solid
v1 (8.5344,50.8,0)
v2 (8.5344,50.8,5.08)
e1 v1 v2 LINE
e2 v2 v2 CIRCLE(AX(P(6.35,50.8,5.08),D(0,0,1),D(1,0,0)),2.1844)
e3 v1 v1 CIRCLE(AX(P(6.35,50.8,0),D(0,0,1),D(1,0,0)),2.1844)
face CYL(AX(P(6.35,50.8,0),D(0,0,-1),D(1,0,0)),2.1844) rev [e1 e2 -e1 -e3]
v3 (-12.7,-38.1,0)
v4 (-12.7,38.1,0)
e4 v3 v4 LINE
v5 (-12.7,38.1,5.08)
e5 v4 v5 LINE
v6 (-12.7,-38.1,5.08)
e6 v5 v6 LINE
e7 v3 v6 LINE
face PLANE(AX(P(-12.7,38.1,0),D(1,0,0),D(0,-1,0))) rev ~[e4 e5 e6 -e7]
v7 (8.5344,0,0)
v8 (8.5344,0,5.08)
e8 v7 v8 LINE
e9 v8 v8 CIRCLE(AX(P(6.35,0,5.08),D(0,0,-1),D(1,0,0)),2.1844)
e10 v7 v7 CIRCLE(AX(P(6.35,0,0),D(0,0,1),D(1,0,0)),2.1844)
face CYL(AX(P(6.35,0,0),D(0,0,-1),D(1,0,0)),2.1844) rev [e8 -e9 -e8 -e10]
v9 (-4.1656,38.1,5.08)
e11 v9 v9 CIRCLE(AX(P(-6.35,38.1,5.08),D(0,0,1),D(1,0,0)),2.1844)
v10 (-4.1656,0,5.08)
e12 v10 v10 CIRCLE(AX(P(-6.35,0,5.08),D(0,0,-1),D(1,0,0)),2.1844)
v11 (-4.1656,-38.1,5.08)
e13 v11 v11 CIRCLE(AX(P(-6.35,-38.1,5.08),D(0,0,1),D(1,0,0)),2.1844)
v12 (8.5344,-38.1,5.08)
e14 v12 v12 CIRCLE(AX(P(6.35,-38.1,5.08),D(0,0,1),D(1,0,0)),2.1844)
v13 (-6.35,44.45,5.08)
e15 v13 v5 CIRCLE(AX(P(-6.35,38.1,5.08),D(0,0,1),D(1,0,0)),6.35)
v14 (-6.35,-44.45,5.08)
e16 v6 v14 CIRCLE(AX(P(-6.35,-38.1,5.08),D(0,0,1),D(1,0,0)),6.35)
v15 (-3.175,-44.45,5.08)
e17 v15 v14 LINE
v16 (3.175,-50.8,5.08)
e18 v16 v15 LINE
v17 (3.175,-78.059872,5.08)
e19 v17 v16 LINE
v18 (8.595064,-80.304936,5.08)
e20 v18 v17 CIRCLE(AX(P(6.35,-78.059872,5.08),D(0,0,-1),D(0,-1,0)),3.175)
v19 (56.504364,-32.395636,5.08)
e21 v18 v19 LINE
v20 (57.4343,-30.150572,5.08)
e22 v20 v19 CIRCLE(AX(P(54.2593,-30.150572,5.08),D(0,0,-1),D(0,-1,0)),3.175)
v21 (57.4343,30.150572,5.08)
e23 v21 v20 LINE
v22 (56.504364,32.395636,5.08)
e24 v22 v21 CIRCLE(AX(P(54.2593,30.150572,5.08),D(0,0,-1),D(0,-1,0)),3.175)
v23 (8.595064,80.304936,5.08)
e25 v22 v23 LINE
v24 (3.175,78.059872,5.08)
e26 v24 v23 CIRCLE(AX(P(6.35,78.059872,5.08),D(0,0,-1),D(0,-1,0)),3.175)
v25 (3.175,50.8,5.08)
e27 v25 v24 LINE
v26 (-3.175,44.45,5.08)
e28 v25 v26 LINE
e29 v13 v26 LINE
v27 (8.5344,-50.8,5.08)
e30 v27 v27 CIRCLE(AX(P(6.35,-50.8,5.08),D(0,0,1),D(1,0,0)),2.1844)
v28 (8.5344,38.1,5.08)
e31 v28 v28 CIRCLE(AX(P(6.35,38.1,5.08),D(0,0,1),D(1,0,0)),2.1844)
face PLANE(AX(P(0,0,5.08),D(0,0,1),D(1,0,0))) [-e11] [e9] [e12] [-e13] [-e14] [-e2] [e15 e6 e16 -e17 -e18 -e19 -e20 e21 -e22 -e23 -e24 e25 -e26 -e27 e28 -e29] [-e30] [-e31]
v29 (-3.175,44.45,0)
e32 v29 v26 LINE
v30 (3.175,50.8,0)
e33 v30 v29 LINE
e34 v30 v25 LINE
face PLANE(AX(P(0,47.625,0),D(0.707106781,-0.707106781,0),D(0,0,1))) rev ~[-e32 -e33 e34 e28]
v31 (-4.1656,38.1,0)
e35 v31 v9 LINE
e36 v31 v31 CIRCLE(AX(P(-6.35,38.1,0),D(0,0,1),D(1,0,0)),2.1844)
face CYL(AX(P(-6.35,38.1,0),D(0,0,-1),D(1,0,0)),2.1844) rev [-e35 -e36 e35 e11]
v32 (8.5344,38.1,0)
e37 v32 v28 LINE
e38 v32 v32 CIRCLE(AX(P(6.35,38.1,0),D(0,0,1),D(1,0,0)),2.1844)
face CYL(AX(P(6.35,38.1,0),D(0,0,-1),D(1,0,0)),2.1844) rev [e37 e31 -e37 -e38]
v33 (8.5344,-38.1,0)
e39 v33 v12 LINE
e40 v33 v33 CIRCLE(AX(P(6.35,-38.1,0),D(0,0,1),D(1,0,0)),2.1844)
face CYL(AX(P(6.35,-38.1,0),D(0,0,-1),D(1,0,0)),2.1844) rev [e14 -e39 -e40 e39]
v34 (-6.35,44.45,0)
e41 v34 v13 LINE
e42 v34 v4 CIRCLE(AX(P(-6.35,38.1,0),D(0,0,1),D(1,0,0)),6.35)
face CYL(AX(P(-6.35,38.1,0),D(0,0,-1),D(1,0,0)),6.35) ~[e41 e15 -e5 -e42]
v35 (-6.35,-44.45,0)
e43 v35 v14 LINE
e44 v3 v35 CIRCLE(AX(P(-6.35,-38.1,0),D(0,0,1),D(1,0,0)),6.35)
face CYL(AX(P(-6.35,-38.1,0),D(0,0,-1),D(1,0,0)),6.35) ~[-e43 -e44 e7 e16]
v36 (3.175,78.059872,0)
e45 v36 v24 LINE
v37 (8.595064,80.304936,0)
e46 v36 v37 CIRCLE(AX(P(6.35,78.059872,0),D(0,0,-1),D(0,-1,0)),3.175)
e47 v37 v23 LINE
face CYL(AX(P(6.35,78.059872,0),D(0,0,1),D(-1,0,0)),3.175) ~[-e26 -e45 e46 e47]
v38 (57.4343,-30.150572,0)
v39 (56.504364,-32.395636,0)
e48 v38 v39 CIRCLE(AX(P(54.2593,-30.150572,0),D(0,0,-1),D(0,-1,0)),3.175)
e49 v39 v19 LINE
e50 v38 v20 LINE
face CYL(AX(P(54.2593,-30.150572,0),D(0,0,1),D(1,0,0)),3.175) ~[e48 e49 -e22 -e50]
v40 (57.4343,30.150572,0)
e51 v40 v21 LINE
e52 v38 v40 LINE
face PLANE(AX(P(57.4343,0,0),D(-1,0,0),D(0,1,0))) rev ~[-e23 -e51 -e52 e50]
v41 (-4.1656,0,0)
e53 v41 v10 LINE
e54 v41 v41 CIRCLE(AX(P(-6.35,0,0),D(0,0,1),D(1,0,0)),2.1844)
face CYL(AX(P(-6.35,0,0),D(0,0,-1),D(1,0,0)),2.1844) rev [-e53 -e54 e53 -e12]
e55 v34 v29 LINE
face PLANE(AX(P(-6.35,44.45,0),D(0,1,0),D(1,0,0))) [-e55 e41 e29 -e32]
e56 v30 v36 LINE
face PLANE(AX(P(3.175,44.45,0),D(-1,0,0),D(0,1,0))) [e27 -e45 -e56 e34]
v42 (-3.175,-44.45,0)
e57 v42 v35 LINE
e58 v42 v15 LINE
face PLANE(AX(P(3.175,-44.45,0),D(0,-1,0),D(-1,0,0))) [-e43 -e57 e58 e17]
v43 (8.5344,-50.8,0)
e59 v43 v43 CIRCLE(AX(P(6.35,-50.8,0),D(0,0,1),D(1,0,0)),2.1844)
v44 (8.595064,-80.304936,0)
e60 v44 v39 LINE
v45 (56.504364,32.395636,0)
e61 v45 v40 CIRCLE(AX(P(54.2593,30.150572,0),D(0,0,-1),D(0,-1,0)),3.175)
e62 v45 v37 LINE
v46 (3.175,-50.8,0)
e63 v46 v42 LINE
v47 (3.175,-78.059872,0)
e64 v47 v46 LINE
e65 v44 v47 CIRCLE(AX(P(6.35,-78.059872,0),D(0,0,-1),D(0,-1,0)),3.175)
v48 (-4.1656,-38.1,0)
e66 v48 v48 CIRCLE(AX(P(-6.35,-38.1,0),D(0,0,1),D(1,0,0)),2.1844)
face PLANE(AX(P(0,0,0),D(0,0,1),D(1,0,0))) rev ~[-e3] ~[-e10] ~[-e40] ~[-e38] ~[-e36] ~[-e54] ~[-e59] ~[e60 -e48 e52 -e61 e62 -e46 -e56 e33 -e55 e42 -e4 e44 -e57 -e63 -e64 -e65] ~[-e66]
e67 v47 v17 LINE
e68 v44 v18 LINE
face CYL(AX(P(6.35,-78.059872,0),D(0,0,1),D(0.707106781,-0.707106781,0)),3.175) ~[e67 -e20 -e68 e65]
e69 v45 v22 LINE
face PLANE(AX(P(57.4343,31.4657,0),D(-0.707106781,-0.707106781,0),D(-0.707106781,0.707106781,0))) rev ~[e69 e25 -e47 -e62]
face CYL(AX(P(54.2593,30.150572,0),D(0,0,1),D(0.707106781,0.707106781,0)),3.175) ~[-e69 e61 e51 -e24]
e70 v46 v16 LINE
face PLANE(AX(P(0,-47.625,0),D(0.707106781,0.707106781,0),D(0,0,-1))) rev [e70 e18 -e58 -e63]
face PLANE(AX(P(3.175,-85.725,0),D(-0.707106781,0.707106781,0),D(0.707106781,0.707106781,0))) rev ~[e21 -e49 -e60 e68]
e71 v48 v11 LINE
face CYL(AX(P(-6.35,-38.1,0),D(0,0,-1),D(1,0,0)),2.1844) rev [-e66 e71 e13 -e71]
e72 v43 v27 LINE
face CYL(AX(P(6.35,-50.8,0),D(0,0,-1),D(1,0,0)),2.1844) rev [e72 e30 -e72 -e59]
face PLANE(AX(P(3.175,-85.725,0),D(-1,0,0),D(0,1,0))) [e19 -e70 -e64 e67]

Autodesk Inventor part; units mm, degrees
ref_plane "YZ Plane" through (0, 0, 0) normal (1, 0, 0) x (0, 1, 0)
ref_plane "XZ Plane" through (0, 0, 0) normal (0, 1, 0) x (-1, 0, 0)
ref_plane "XY Plane" through (0, 0, 0) normal (0, 0, 1) x (1, 0, 0)
sketch "Sketch1" plane through (0, 0, 0) normal (0, 0, 1) x (1, 0, 0)
  line L0 (88.9, 0) -> (-12.7, 101.6)
  line L1 (-12.7, 101.6) -> (-12.7, -101.6)
  line L2 (-12.7, -101.6) -> (88.9, 0)
  line L3 (-12.7, 0) -> (88.9, 0)
  line L4 (57.4343, 183.898) -> (-323.5657, 183.898)
  line L5 (-323.5657, 183.898) -> (-323.5657, -183.898)
  line L6 (-323.5657, -183.898) -> (57.4343, -183.898)
  line L7 (57.4343, -183.898) -> (57.4343, 183.898)
  line L8 (57.4343, 183.898) -> (-323.5657, -183.898) construction
  line L9 (-323.5657, 183.898) -> (57.4343, -183.898) construction
  circle A0 centre (6.35, 38.1) radius 2.1844 projected
  circle A1 centre (-6.35, 38.1) radius 2.1844 projected
  circle A2 centre (-6.35, -38.1) radius 2.1844 projected
  circle A3 centre (6.35, -38.1) radius 2.1844 projected
  circle A4 centre (6.35, 0) radius 2.1844 projected
  circle A5 centre (6.35, 88.9) radius 2.1844 projected
  circle A6 centre (6.35, 50.8) radius 2.1844 projected
  circle A7 centre (6.35, -50.8) radius 2.1844 projected
  circle A8 centre (-6.35, 0) radius 2.1844 projected
  circle A9 centre (-6.35, 38.1) radius 6.35
  circle A10 centre (-6.35, -38.1) radius 6.35
  line L10 (3.175, -85.725) -> (3.175, -44.45)
  line L11 (3.175, -44.45) -> (-11.204, -44.45)
  line L12 (-10.742, 44.45) -> (3.175, 44.45)
  line L13 (3.175, 44.45) -> (3.175, 85.725)
  point P0 (0, 0)
  point P1 (-133.0657, 0)
  point P2 (57.4343, 31.4657)
  point P3 (-6.35, 44.45)
  point P4 (-12.7, 38.1)
  point P5 (-12.7, -38.1)
  point P6 (-6.35, -44.45)
  point P7 (57.4343, -31.4657)
  dimension "d0" = 101.6
  dimension "d2" = 381
  dimension "d4" = 12.7
  dimension "d5" = 12.7
  dimension "d6" = 3.175
  dimension "d7" = 3.175
extrude "Extrusion1" add sketch "Sketch1" along normal blind 5.08 contours L0 L7 L3 A4 A8 L1 A9 L12 L13 | A9 | L7 L2 L10 L11 A10 L1 L3 A8 A4 | A10
chamfer "Chamfer1" distance 6.35 angle 45 2 edges at (3.175, 44.45, 2.54) (3.175, -44.45, 2.54)
fillet "Fillet1" radius 3.175 4 edges at (3.175, 85.725, 2.54) (3.175, -85.725, 2.54) (57.4343, 31.4657, 2.54) (57.4343, -31.4657, 2.54)
properties part number "wedge"
